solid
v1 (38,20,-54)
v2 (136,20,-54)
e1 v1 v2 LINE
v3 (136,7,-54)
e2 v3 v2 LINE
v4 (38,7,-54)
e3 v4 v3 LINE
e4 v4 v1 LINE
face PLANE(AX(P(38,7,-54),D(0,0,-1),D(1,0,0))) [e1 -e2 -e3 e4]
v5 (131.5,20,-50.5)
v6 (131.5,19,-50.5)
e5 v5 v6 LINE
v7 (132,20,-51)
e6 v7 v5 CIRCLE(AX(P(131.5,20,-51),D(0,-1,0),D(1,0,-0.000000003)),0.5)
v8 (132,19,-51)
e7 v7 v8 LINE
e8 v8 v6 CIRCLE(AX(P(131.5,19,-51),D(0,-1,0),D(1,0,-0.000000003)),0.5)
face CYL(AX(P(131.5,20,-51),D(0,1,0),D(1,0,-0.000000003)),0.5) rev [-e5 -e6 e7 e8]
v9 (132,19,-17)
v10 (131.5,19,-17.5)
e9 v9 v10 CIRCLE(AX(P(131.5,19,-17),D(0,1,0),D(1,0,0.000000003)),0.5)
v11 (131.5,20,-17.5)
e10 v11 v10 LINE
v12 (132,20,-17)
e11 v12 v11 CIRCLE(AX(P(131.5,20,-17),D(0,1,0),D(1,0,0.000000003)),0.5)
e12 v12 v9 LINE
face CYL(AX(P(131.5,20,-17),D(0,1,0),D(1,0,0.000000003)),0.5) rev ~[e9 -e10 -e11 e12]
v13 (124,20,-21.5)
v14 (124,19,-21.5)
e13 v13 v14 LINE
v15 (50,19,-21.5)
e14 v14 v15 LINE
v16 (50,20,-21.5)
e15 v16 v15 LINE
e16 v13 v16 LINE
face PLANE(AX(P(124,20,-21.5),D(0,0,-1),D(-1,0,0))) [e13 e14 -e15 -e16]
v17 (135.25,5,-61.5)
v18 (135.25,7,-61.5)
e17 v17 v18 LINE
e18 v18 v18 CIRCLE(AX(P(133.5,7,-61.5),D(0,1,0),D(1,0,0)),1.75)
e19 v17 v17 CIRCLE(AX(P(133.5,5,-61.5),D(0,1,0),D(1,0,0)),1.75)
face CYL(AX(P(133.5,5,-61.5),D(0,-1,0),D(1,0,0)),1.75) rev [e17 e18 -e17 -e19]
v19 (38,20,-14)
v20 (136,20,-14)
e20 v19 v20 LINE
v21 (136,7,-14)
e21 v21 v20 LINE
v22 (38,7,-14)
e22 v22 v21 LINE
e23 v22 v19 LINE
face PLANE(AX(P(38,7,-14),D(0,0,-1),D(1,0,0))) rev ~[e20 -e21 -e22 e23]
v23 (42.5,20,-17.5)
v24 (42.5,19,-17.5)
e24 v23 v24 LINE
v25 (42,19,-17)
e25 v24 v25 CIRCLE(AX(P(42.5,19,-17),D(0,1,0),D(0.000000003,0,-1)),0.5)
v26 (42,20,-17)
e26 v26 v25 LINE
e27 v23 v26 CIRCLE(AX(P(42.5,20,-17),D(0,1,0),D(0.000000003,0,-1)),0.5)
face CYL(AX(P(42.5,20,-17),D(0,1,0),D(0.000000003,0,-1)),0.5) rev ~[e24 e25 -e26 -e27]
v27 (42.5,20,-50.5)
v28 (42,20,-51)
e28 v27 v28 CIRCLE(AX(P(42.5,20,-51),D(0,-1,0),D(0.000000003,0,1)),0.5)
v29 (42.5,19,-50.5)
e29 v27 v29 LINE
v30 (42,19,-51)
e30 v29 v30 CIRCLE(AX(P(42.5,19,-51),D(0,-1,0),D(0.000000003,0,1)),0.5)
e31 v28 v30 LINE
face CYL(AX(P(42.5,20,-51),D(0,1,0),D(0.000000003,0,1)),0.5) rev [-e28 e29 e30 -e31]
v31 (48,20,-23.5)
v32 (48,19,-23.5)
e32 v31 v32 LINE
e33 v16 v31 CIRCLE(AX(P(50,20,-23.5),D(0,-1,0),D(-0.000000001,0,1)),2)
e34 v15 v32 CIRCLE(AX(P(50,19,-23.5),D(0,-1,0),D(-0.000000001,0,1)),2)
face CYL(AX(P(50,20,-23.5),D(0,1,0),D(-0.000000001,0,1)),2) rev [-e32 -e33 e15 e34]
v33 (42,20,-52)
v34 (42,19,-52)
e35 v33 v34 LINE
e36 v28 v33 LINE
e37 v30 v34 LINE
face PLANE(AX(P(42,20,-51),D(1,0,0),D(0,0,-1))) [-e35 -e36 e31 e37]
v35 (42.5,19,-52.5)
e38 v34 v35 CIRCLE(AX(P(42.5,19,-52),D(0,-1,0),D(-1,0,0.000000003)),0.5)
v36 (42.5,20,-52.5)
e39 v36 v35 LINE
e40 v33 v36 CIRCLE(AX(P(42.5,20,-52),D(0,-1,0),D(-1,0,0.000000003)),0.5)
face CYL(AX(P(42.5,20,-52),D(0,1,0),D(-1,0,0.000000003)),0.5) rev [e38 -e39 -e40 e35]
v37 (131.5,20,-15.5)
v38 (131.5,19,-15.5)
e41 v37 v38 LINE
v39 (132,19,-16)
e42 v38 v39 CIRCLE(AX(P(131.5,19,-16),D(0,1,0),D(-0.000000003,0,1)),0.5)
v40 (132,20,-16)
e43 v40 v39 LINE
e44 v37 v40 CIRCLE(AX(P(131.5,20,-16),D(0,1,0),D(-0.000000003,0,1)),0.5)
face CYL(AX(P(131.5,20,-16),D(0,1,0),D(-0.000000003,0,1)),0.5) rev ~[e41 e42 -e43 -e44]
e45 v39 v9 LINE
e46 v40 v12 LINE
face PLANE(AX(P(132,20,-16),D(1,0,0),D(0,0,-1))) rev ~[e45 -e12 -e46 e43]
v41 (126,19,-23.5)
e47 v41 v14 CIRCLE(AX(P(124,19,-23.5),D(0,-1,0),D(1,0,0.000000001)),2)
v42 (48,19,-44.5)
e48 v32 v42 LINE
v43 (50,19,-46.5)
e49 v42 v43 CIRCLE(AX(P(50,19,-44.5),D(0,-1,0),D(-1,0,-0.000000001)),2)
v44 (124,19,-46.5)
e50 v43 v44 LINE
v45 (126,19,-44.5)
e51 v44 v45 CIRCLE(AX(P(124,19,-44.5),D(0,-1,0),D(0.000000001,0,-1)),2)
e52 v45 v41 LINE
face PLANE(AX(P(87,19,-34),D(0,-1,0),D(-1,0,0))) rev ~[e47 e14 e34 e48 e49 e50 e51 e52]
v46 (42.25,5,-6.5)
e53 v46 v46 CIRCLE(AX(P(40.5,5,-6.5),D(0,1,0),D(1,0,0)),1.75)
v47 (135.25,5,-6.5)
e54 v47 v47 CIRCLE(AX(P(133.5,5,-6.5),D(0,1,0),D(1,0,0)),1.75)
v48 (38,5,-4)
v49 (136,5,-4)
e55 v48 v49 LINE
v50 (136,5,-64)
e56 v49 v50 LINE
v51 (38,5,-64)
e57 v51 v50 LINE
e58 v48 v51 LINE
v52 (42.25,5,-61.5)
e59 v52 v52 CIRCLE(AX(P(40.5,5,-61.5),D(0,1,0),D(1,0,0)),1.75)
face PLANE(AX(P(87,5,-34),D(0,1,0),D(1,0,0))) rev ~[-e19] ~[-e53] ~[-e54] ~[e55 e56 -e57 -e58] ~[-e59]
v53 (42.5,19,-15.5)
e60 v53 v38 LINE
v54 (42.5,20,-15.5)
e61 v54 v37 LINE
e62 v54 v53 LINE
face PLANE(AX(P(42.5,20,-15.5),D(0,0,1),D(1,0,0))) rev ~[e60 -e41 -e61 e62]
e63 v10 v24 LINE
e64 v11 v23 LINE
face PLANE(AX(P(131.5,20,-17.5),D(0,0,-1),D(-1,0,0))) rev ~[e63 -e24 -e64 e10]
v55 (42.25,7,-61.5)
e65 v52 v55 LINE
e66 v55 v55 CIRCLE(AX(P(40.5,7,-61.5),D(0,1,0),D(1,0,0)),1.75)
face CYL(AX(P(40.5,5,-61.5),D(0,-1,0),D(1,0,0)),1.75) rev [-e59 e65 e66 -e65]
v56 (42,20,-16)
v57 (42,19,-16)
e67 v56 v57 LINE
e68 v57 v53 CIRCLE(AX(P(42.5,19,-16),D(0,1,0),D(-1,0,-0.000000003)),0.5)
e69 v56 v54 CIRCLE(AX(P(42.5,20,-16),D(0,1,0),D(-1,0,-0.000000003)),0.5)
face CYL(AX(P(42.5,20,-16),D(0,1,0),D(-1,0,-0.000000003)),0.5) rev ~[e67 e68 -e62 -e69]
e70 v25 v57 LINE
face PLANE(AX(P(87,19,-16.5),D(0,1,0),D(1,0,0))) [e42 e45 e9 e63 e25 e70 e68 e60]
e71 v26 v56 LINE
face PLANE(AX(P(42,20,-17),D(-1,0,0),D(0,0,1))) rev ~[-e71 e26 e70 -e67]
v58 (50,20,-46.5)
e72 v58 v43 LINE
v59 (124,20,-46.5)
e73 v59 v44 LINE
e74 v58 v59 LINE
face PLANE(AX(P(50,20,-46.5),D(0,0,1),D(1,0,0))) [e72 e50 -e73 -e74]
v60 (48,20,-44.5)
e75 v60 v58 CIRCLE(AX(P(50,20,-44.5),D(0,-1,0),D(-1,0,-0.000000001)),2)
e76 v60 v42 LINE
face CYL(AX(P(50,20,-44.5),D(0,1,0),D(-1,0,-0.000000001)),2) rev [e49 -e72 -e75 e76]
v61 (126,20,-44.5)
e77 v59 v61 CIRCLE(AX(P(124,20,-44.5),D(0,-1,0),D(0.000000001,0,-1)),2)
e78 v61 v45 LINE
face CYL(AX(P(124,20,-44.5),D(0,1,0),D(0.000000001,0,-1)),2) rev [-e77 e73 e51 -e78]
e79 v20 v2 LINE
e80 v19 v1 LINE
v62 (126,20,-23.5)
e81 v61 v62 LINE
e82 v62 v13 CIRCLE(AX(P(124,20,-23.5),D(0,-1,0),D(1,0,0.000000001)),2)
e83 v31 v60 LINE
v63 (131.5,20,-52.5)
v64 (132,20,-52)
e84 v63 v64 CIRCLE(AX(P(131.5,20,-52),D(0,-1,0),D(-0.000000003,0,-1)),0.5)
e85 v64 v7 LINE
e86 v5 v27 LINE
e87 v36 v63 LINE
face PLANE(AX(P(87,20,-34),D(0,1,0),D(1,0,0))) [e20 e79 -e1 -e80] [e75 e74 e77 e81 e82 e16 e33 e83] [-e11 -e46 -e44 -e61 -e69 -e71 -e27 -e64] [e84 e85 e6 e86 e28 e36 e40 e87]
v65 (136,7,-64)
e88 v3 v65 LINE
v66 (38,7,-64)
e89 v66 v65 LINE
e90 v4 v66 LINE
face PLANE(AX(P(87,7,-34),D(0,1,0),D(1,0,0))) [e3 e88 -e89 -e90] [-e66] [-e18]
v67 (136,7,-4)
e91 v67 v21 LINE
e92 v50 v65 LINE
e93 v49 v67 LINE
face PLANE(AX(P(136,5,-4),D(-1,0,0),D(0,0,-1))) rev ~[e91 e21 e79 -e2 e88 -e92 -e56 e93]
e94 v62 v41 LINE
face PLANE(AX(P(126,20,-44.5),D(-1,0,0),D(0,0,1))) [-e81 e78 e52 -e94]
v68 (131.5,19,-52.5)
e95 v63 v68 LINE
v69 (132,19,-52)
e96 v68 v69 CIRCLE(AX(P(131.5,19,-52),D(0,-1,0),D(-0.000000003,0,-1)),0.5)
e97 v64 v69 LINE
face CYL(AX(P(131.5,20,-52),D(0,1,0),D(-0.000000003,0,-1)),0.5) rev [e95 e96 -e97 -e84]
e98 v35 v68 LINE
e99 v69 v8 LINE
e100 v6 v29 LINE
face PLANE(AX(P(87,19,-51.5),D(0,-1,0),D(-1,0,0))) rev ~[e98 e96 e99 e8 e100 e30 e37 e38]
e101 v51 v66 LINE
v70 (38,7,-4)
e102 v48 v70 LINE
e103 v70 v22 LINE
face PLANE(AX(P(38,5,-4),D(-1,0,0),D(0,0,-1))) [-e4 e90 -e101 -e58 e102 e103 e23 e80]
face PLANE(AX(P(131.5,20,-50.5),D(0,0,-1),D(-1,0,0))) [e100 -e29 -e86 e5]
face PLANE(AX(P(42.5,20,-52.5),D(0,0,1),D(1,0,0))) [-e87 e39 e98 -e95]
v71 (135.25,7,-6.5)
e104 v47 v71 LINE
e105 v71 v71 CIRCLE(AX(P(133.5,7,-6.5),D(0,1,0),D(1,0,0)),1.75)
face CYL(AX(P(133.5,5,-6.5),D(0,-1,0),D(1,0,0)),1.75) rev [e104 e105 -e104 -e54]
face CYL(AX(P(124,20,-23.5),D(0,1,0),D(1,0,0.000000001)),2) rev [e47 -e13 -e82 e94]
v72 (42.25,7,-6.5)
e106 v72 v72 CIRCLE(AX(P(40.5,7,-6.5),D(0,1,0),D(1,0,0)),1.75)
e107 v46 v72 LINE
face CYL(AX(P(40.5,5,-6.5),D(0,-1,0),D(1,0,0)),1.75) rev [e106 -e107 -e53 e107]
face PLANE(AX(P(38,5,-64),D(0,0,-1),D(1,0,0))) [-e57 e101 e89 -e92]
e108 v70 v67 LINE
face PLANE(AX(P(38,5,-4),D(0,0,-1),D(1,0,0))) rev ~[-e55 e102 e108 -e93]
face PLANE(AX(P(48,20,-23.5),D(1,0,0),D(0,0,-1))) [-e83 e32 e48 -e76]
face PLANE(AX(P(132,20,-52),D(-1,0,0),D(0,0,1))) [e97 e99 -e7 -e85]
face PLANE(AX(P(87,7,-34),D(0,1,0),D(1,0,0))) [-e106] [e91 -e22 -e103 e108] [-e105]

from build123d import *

# Parameters (mm, degrees)
SKETCH1_W               = 150
SKETCH1_H               = 55
SKETCH1_R               = 1.5
BOSS_EXTRUDE1_DEPTH     = 2
SKETCH2_R               = 6
BOSS_EXTRUDE2_DEPTH     = 10
SKETCH3_W               = 12
SKETCH3_H               = 12
BOSS_EXTRUDE3_DEPTH     = 25
SKETCH4_W               = 5
SKETCH4_H               = 5
SKETCH4_W_2             = 41
SKETCH4_H_2             = 3
BOSS_EXTRUDE4_DEPTH     = 5
SKETCH5_W               = 41
SKETCH5_H               = 3
SKETCH5_W_2             = 5
SKETCH5_H_2             = 5
SKETCH5_R               = 1.5
CUT_EXTRUDE1_DEPTH      = 2
SKETCH6_W               = 12
SKETCH6_H               = 12
CUT_EXTRUDE2_DEPTH      = 13
SKETCH7_W               = 12
SKETCH7_H               = 12
SKETCH7_R               = 3.5
CUT_EXTRUDE3_DEPTH      = 7
SKETCH8_R               = 1.25
CUT_EXTRUDE4_DEPTH      = 5
BOSS_EXTRUDE5_DEPTH     = 3
SKETCH10_W              = 25
SKETCH10_H              = 1.5
CUT_EXTRUDE5_DEPTH      = 18
SKETCH11_W              = 98
SKETCH11_H              = 60
SKETCH11_R              = 1.75
BOSS_EXTRUDE6_DEPTH     = 2
SKETCH12_W              = 98
SKETCH12_H              = 40
BOSS_EXTRUDE7_DEPTH     = 13
CUT_EXTRUDE6_DEPTH      = 1
SKETCH14_W              = 25
SKETCH14_H              = 1.5
BOSS_EXTRUDE8_DEPTH     = 29
CUT_EXTRUDE7_DEPTH      = 76
CUT_EXTRUDE7_DEPTH_BACK = 10
SKETCH16_W              = 98
SKETCH16_H              = 8
CUT_EXTRUDE8_DEPTH      = 69


with BuildPart() as part:
    # Sketch1 → Boss-Extrude1 (new body)
    with BuildSketch(Plane(origin=(0, 0, 0), x_dir=(1, 0, 0), z_dir=(0, 1, 0))):
        with Locations((75, 27.5)):
            Rectangle(SKETCH1_W, SKETCH1_H)
        with Locations((3, 52)):
            Circle(SKETCH1_R, mode=Mode.SUBTRACT)
        with Locations((147, 52)):
            Circle(SKETCH1_R, mode=Mode.SUBTRACT)
        with Locations((147, 3)):
            Circle(SKETCH1_R, mode=Mode.SUBTRACT)
        with Locations((3, 3)):
            Circle(SKETCH1_R, mode=Mode.SUBTRACT)
    extrude(amount=BOSS_EXTRUDE1_DEPTH)

    # Sketch2 → Boss-Extrude2 (add)
    with BuildSketch(Plane(origin=(0, 2, 0), x_dir=(1, 0, 0), z_dir=(0, 1, 0))):
        with Locations((13, 10)):
            Circle(SKETCH2_R)
    extrude(amount=BOSS_EXTRUDE2_DEPTH)

    # Sketch3 → Boss-Extrude3 (add)
    with BuildSketch(Plane(origin=(0, 2, 0), x_dir=(1, 0, 0), z_dir=(0, 1, 0))):
        with Locations((13, 27.5)):
            Rectangle(SKETCH3_W, SKETCH3_H)
    extrude(amount=BOSS_EXTRUDE3_DEPTH)

    # Sketch4 → Boss-Extrude4 (add)
    with BuildSketch(Plane(origin=(0, 2, 0), x_dir=(1, 0, 0), z_dir=(0, 1, 0))):
        with Locations((13, 43)):
            Rectangle(SKETCH4_W, SKETCH4_H)
        with Locations((106.5, 6.5)):
            Rectangle(SKETCH4_W_2, SKETCH4_H_2)
    extrude(amount=BOSS_EXTRUDE4_DEPTH)

    # Sketch5 → Cut-Extrude1 (cut)
    with BuildSketch(Plane(origin=(0, 7, 0), x_dir=(1, 0, 0), z_dir=(0, 1, 0))):
        with Locations((106.5, 6.5)):
            Rectangle(SKETCH5_W, SKETCH5_H)
        with Locations((13, 43)):
            Rectangle(SKETCH5_W_2, SKETCH5_H_2)
        with Locations((13, 43)):
            Circle(SKETCH5_R, mode=Mode.SUBTRACT)
    extrude(amount=-CUT_EXTRUDE1_DEPTH, mode=Mode.SUBTRACT)

    # Sketch6 → Cut-Extrude2 (cut)
    with BuildSketch(Plane(origin=(0, 27, 0), x_dir=(1, 0, 0), z_dir=(0, 1, 0))):
        with Locations((13, 27.5)):
            Rectangle(SKETCH6_W, SKETCH6_H)
        with BuildLine():
            Line((10.370614338, 26.055586264), (15.629385662, 26.055586264))
            ThreePointArc((15.629385662, 26.055586264), (13, 30.5), (10.370614338, 26.055586264))
        make_face(mode=Mode.SUBTRACT)
    extrude(amount=-CUT_EXTRUDE2_DEPTH, mode=Mode.SUBTRACT)

    # Sketch7 → Cut-Extrude3 (cut)
    with BuildSketch(Plane(origin=(0, 14, 0), x_dir=(1, 0, 0), z_dir=(0, 1, 0))):
        with Locations((13, 27.5)):
            Rectangle(SKETCH7_W, SKETCH7_H)
        with Locations((13, 27.5)):
            Circle(SKETCH7_R, mode=Mode.SUBTRACT)
    extrude(amount=-CUT_EXTRUDE3_DEPTH, mode=Mode.SUBTRACT)

    # Sketch8 → Cut-Extrude4 (cut)
    with BuildSketch(Plane(origin=(0, 12, 0), x_dir=(1, 0, 0), z_dir=(0, 1, 0))):
        with Locations((13, 10)):
            Circle(SKETCH8_R)
    extrude(amount=-CUT_EXTRUDE4_DEPTH, mode=Mode.SUBTRACT)

    # Sketch9 → Boss-Extrude5 (add)
    with BuildSketch(Plane.XZ):
        Polygon((149, -20), (131, -20), (129, -22), (124, -22), (124, -47), (149, -47), align=None)
    extrude(amount=BOSS_EXTRUDE5_DEPTH)

    # Sketch10 → Cut-Extrude5 (cut)
    with BuildSketch(Plane(origin=(149, 0, 0), x_dir=(0, 0, -1), z_dir=(1, 0, 0))):
        with Locations((33.5, -1.5)):
            Rectangle(SKETCH10_W, SKETCH10_H)
    extrude(amount=-CUT_EXTRUDE5_DEPTH, mode=Mode.SUBTRACT)

    # Sketch11 → Boss-Extrude6 (add)
    with BuildSketch(Plane(origin=(0, 5, 0), x_dir=(1, 0, 0), z_dir=(0, 1, 0))):
        with Locations((87, 34)):
            Rectangle(SKETCH11_W, SKETCH11_H)
        with Locations((40.5, 61.5)):
            Circle(SKETCH11_R, mode=Mode.SUBTRACT)
        with Locations((133.5, 61.5)):
            Circle(SKETCH11_R, mode=Mode.SUBTRACT)
        with Locations((133.5, 6.5)):
            Circle(SKETCH11_R, mode=Mode.SUBTRACT)
        with Locations((40.5, 6.5)):
            Circle(SKETCH11_R, mode=Mode.SUBTRACT)
    extrude(amount=BOSS_EXTRUDE6_DEPTH)

    # Sketch12 → Boss-Extrude7 (add)
    with BuildSketch(Plane(origin=(0, 7, 0), x_dir=(1, 0, 0), z_dir=(0, 1, 0))):
        with Locations((87, 34)):
            Rectangle(SKETCH12_W, SKETCH12_H)
    extrude(amount=BOSS_EXTRUDE7_DEPTH)

    # Sketch13 → Cut-Extrude6 (cut)
    with BuildSketch(Plane(origin=(0, 20, 0), x_dir=(1, 0, 0), z_dir=(0, 1, 0))):
        with BuildLine():
            Line((50, 46.5), (124, 46.5))
            ThreePointArc((124, 46.5), (125.414213562, 45.914213562), (126, 44.5))
            Line((126, 44.5), (126, 23.5))
            ThreePointArc((126, 23.5), (125.414213562, 22.085786438), (124, 21.5))
            Line((124, 21.5), (50, 21.5))
            ThreePointArc((50, 21.5), (48.585786438, 22.085786438), (48, 23.5))
            Line((48, 23.5), (48, 44.5))
            ThreePointArc((48, 44.5), (48.585786438, 45.914213562), (50, 46.5))
        make_face()
        with BuildLine():
            Line((42.5, 52.5), (131.5, 52.5))
            ThreePointArc((131.5, 52.5), (131.853553391, 52.353553391), (132, 52))
            Line((132, 52), (132, 51))
            ThreePointArc((132, 51), (131.853553391, 50.646446609), (131.5, 50.5))
            Line((131.5, 50.5), (42.5, 50.5))
            ThreePointArc((42.5, 50.5), (42.146446609, 50.646446609), (42, 51))
            Line((42, 51), (42, 52))
            ThreePointArc((42, 52), (42.146446609, 52.353553391), (42.5, 52.5))
        make_face()
        with BuildLine():
            Line((132, 16), (132, 17))
            ThreePointArc((132, 17), (131.853553391, 17.353553391), (131.5, 17.5))
            Line((131.5, 17.5), (42.5, 17.5))
            ThreePointArc((42.5, 17.5), (42.146446609, 17.353553391), (42, 17))
            Line((42, 17), (42, 16))
            ThreePointArc((42, 16), (42.146446609, 15.646446609), (42.5, 15.5))
            Line((42.5, 15.5), (131.5, 15.5))
            ThreePointArc((131.5, 15.5), (131.853553391, 15.646446609), (132, 16))
        make_face()
    extrude(amount=-CUT_EXTRUDE6_DEPTH, mode=Mode.SUBTRACT)

    # Sketch14 → Boss-Extrude8 (add)
    with BuildSketch(Plane(origin=(131, 0, 0), x_dir=(0, 0, -1), z_dir=(1, 0, 0))):
        with Locations((33.5, -1.5)):
            Rectangle(SKETCH14_W, SKETCH14_H)
    extrude(amount=BOSS_EXTRUDE8_DEPTH)

    # Sketch15 → Cut-Extrude7 (cut, two sides)
    with BuildSketch(Plane(origin=(0, 2, 0), x_dir=(1, 0, 0), z_dir=(0, 1, 0))) as cut_extrude7_sk:
        Polygon((38, 64), (-8.690723281, 64), (-8.690723281, -2.980686498), (38, -2.980686498), (158.556379493, -2.980686498), (158.556379493, 4), (165.16100148, 4), (165.16100148, 64), (136, 64), (136, 4), (38, 4), align=None)
    extrude(amount=CUT_EXTRUDE7_DEPTH, mode=Mode.SUBTRACT)
    extrude(cut_extrude7_sk.sketch, amount=-CUT_EXTRUDE7_DEPTH_BACK, mode=Mode.SUBTRACT)

    # Sketch16 → Cut-Extrude8 (cut)
    with BuildSketch(Plane.XY.offset(-4)):
        with Locations((87, 1)):
            Rectangle(SKETCH16_W, SKETCH16_H)
    extrude(amount=-CUT_EXTRUDE8_DEPTH, mode=Mode.SUBTRACT)


solid = part.part
